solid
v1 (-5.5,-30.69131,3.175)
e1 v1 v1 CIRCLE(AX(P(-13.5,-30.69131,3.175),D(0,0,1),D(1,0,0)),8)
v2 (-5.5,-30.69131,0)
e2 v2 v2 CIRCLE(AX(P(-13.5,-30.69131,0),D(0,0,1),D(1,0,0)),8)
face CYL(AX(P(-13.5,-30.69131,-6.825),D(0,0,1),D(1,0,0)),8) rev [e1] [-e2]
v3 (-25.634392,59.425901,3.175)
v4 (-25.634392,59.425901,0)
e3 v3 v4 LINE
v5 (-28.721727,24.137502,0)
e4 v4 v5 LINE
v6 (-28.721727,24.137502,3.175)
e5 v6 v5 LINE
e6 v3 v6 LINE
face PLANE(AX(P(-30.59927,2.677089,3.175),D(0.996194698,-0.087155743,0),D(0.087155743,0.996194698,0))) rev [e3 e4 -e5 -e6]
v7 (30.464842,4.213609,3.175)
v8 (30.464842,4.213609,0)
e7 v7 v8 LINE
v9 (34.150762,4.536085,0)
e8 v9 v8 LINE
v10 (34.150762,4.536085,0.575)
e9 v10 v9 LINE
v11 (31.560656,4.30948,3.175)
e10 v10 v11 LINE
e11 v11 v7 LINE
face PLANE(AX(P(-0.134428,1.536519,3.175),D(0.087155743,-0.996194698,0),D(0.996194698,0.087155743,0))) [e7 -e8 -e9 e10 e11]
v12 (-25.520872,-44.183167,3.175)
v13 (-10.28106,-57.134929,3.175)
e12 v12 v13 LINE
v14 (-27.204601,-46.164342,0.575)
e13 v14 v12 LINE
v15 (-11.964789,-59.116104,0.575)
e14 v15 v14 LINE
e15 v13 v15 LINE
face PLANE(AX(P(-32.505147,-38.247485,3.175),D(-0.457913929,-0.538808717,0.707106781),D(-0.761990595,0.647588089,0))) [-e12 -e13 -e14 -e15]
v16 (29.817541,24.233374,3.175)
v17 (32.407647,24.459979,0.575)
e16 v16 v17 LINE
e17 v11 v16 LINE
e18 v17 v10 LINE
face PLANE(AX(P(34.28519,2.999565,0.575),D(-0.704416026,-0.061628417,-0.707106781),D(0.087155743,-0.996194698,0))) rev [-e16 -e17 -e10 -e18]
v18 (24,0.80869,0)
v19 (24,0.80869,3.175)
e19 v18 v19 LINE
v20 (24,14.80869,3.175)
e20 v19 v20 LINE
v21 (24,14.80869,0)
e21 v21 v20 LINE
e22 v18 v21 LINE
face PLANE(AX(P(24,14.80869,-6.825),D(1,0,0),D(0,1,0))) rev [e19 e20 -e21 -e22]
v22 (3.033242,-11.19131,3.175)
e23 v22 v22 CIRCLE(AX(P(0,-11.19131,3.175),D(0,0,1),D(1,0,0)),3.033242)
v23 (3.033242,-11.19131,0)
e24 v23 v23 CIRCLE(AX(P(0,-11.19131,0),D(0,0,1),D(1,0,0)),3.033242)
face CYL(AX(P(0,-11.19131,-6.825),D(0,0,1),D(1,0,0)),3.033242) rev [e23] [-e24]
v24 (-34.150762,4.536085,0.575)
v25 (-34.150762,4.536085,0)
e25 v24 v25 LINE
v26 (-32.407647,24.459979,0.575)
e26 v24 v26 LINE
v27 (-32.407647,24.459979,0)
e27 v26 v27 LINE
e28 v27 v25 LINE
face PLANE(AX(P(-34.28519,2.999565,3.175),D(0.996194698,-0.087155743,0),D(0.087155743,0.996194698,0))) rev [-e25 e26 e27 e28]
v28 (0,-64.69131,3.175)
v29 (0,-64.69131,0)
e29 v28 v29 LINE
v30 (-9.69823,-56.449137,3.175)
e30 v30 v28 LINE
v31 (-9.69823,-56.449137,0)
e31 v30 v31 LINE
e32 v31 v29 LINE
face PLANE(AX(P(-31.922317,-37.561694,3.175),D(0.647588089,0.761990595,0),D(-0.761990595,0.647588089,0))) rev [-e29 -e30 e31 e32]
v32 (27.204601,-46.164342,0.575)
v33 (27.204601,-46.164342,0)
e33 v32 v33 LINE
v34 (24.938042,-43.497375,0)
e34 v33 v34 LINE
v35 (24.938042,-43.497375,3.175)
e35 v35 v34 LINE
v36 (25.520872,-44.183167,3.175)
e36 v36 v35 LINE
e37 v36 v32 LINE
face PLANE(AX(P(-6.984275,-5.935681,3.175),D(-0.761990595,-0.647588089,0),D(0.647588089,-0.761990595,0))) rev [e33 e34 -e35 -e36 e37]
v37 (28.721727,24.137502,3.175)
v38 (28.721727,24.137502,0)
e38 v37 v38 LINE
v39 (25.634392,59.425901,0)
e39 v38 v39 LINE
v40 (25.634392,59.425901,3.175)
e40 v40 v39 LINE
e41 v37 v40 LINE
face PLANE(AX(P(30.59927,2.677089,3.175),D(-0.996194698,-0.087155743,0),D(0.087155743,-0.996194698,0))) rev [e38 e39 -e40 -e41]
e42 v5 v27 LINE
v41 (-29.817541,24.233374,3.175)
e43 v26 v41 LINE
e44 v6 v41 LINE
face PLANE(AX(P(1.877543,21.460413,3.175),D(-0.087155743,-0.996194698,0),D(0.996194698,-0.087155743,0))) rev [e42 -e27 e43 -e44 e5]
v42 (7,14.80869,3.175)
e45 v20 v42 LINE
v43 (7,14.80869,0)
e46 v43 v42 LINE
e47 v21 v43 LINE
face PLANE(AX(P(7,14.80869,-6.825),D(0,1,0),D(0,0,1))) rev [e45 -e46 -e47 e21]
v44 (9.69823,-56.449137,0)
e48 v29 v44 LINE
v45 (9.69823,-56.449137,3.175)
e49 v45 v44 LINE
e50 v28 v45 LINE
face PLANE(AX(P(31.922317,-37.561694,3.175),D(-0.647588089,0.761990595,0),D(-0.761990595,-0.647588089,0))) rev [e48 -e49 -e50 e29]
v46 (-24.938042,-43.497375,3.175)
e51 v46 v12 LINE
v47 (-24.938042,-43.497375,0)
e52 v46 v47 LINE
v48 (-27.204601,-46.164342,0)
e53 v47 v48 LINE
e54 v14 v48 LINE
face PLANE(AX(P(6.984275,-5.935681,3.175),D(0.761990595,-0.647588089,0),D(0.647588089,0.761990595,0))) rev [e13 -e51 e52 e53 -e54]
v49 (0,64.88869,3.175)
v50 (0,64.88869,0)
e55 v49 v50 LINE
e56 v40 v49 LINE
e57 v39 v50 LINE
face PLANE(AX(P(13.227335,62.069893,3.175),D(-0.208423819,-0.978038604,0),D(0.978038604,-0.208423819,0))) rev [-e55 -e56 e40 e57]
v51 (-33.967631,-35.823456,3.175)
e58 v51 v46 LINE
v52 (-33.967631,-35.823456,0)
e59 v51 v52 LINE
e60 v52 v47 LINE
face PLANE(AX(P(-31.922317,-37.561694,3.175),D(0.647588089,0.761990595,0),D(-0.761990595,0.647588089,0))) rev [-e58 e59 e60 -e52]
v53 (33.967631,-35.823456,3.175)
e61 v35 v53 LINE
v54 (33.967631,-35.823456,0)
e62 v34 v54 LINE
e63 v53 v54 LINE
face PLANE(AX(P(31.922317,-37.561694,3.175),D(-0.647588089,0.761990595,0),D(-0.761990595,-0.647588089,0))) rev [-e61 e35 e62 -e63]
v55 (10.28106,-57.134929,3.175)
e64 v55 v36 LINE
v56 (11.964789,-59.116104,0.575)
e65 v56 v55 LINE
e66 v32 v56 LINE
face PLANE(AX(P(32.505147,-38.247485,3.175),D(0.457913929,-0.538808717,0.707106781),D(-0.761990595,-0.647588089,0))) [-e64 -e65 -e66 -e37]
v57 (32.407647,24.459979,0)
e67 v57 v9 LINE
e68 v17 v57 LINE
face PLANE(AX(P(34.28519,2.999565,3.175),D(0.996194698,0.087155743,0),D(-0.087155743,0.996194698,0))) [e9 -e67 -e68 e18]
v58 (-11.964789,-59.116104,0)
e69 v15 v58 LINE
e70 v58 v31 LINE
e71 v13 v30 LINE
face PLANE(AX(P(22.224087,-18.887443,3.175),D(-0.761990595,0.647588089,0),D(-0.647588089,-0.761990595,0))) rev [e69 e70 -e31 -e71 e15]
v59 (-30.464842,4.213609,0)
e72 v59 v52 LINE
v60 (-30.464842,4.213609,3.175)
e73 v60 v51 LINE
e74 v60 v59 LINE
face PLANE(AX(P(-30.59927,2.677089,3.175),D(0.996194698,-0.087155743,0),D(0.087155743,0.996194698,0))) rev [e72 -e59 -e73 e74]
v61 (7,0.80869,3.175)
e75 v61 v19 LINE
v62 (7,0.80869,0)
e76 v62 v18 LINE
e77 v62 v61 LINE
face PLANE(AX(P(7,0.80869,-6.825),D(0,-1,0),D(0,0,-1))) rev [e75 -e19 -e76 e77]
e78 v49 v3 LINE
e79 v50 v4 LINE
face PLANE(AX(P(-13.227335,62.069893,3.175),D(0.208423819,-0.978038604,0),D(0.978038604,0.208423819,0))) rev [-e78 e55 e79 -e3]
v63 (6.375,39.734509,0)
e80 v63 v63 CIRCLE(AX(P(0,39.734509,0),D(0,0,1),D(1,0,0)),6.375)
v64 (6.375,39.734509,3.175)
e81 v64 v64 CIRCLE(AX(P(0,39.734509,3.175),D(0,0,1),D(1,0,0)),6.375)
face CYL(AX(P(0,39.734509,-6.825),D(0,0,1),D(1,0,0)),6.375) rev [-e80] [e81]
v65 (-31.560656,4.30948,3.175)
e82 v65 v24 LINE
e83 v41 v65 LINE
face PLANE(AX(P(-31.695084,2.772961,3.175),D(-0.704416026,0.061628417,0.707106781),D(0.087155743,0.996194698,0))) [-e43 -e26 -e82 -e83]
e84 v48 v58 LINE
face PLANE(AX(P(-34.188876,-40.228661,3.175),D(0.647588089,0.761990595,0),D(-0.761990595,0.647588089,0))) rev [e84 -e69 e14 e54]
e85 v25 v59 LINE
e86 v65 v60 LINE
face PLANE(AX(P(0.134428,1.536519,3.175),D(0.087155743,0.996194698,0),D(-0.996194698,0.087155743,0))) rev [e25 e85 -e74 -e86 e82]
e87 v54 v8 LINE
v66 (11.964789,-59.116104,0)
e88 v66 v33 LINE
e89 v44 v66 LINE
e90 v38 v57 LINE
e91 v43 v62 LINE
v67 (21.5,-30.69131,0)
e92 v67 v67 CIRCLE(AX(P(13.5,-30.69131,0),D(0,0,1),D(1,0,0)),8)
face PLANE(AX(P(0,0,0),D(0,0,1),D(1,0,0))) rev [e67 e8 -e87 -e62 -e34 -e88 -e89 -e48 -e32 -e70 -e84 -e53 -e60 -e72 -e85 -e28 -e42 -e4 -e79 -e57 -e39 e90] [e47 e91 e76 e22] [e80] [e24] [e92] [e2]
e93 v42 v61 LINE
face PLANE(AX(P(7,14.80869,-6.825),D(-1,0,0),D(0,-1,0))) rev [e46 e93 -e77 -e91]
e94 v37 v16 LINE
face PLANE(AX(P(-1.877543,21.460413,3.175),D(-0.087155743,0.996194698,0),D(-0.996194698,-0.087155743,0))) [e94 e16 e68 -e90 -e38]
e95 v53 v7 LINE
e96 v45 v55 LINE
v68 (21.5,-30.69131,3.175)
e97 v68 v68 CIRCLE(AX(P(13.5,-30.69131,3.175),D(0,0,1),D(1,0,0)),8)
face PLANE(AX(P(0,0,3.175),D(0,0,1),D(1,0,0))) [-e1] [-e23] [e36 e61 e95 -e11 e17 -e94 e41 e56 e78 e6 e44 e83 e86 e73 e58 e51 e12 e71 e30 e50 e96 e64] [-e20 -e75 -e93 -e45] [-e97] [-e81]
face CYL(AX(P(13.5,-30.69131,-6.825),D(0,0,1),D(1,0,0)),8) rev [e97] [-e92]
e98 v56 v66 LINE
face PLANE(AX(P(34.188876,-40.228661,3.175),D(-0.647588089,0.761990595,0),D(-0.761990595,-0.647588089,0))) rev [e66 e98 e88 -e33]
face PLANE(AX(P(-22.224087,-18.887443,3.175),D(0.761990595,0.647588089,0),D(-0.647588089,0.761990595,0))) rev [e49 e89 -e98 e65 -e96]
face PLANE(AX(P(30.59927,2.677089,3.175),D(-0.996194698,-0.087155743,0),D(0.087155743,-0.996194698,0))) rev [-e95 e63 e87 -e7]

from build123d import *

# Parameters (mm, degrees)
BOSS_EXTRUDE2_DEPTH = 3.175
CHAMFER3_SIZE       = 2.6
SKETCH3_R           = 8
SKETCH3_R_2         = 3.03324197
SKETCH3_R_3         = 6.375
SKETCH3_W           = 17
SKETCH3_H           = 14
CUT_EXTRUDE1_DEPTH  = 10


with BuildPart() as part:
    # Sketch2 → Boss-Extrude2 (new body)
    with BuildSketch(Plane.XY):
        Polygon((33.967630838, -35.823456397), (25.63439182, 59.425901431), (0, 64.888689731), (-25.63439182, 59.425901431), (-33.967630838, -35.823456397), (0, -64.691310269), align=None)
        Polygon((-30.464841537, 4.213608519), (-28.721726682, 24.137502481), (-32.407647065, 24.459978729), (-34.15076192, 4.536084767), align=None)
        Polygon((32.407647065, 24.459978729), (28.721726682, 24.137502481), (30.464841537, 4.213608519), (34.15076192, 4.536084767), align=None)
        Polygon((27.2046006, -46.164342336), (24.938042288, -43.497375254), (9.698230388, -56.449137036), (11.9647887, -59.116104119), align=None)
        Polygon((-9.698230388, -56.449137036), (-24.938042288, -43.497375254), (-27.2046006, -46.164342336), (-11.9647887, -59.116104119), align=None)
    extrude(amount=BOSS_EXTRUDE2_DEPTH)

    # Chamfer3
    chamfer3_edges = [part.edges().sort_by_distance(p)[0] for p in [
        (19.58469465, -52.640223227, 3.175),
        (33.279204493, 14.498031748, 3.175),
        (-33.279204493, 14.498031748, 3.175),
        (-19.58469465, -52.640223227, 3.175),
    ]]
    chamfer(chamfer3_edges, length=CHAMFER3_SIZE)

    # Sketch3 → Cut-Extrude1 (cut)
    with BuildSketch(Plane.XY.offset(3.175)):
        with Locations((13.5, -30.691310269)):
            Circle(SKETCH3_R)
        with Locations((-13.5, -30.691310269)):
            Circle(SKETCH3_R)
        with Locations((0, -11.191310269)):
            Circle(SKETCH3_R_2)
        with Locations((0, 39.734509442)):
            Circle(SKETCH3_R_3)
        with Locations((15.5, 7.808689731)):
            Rectangle(SKETCH3_W, SKETCH3_H)
    extrude(amount=-CUT_EXTRUDE1_DEPTH, mode=Mode.SUBTRACT)


solid = part.part
